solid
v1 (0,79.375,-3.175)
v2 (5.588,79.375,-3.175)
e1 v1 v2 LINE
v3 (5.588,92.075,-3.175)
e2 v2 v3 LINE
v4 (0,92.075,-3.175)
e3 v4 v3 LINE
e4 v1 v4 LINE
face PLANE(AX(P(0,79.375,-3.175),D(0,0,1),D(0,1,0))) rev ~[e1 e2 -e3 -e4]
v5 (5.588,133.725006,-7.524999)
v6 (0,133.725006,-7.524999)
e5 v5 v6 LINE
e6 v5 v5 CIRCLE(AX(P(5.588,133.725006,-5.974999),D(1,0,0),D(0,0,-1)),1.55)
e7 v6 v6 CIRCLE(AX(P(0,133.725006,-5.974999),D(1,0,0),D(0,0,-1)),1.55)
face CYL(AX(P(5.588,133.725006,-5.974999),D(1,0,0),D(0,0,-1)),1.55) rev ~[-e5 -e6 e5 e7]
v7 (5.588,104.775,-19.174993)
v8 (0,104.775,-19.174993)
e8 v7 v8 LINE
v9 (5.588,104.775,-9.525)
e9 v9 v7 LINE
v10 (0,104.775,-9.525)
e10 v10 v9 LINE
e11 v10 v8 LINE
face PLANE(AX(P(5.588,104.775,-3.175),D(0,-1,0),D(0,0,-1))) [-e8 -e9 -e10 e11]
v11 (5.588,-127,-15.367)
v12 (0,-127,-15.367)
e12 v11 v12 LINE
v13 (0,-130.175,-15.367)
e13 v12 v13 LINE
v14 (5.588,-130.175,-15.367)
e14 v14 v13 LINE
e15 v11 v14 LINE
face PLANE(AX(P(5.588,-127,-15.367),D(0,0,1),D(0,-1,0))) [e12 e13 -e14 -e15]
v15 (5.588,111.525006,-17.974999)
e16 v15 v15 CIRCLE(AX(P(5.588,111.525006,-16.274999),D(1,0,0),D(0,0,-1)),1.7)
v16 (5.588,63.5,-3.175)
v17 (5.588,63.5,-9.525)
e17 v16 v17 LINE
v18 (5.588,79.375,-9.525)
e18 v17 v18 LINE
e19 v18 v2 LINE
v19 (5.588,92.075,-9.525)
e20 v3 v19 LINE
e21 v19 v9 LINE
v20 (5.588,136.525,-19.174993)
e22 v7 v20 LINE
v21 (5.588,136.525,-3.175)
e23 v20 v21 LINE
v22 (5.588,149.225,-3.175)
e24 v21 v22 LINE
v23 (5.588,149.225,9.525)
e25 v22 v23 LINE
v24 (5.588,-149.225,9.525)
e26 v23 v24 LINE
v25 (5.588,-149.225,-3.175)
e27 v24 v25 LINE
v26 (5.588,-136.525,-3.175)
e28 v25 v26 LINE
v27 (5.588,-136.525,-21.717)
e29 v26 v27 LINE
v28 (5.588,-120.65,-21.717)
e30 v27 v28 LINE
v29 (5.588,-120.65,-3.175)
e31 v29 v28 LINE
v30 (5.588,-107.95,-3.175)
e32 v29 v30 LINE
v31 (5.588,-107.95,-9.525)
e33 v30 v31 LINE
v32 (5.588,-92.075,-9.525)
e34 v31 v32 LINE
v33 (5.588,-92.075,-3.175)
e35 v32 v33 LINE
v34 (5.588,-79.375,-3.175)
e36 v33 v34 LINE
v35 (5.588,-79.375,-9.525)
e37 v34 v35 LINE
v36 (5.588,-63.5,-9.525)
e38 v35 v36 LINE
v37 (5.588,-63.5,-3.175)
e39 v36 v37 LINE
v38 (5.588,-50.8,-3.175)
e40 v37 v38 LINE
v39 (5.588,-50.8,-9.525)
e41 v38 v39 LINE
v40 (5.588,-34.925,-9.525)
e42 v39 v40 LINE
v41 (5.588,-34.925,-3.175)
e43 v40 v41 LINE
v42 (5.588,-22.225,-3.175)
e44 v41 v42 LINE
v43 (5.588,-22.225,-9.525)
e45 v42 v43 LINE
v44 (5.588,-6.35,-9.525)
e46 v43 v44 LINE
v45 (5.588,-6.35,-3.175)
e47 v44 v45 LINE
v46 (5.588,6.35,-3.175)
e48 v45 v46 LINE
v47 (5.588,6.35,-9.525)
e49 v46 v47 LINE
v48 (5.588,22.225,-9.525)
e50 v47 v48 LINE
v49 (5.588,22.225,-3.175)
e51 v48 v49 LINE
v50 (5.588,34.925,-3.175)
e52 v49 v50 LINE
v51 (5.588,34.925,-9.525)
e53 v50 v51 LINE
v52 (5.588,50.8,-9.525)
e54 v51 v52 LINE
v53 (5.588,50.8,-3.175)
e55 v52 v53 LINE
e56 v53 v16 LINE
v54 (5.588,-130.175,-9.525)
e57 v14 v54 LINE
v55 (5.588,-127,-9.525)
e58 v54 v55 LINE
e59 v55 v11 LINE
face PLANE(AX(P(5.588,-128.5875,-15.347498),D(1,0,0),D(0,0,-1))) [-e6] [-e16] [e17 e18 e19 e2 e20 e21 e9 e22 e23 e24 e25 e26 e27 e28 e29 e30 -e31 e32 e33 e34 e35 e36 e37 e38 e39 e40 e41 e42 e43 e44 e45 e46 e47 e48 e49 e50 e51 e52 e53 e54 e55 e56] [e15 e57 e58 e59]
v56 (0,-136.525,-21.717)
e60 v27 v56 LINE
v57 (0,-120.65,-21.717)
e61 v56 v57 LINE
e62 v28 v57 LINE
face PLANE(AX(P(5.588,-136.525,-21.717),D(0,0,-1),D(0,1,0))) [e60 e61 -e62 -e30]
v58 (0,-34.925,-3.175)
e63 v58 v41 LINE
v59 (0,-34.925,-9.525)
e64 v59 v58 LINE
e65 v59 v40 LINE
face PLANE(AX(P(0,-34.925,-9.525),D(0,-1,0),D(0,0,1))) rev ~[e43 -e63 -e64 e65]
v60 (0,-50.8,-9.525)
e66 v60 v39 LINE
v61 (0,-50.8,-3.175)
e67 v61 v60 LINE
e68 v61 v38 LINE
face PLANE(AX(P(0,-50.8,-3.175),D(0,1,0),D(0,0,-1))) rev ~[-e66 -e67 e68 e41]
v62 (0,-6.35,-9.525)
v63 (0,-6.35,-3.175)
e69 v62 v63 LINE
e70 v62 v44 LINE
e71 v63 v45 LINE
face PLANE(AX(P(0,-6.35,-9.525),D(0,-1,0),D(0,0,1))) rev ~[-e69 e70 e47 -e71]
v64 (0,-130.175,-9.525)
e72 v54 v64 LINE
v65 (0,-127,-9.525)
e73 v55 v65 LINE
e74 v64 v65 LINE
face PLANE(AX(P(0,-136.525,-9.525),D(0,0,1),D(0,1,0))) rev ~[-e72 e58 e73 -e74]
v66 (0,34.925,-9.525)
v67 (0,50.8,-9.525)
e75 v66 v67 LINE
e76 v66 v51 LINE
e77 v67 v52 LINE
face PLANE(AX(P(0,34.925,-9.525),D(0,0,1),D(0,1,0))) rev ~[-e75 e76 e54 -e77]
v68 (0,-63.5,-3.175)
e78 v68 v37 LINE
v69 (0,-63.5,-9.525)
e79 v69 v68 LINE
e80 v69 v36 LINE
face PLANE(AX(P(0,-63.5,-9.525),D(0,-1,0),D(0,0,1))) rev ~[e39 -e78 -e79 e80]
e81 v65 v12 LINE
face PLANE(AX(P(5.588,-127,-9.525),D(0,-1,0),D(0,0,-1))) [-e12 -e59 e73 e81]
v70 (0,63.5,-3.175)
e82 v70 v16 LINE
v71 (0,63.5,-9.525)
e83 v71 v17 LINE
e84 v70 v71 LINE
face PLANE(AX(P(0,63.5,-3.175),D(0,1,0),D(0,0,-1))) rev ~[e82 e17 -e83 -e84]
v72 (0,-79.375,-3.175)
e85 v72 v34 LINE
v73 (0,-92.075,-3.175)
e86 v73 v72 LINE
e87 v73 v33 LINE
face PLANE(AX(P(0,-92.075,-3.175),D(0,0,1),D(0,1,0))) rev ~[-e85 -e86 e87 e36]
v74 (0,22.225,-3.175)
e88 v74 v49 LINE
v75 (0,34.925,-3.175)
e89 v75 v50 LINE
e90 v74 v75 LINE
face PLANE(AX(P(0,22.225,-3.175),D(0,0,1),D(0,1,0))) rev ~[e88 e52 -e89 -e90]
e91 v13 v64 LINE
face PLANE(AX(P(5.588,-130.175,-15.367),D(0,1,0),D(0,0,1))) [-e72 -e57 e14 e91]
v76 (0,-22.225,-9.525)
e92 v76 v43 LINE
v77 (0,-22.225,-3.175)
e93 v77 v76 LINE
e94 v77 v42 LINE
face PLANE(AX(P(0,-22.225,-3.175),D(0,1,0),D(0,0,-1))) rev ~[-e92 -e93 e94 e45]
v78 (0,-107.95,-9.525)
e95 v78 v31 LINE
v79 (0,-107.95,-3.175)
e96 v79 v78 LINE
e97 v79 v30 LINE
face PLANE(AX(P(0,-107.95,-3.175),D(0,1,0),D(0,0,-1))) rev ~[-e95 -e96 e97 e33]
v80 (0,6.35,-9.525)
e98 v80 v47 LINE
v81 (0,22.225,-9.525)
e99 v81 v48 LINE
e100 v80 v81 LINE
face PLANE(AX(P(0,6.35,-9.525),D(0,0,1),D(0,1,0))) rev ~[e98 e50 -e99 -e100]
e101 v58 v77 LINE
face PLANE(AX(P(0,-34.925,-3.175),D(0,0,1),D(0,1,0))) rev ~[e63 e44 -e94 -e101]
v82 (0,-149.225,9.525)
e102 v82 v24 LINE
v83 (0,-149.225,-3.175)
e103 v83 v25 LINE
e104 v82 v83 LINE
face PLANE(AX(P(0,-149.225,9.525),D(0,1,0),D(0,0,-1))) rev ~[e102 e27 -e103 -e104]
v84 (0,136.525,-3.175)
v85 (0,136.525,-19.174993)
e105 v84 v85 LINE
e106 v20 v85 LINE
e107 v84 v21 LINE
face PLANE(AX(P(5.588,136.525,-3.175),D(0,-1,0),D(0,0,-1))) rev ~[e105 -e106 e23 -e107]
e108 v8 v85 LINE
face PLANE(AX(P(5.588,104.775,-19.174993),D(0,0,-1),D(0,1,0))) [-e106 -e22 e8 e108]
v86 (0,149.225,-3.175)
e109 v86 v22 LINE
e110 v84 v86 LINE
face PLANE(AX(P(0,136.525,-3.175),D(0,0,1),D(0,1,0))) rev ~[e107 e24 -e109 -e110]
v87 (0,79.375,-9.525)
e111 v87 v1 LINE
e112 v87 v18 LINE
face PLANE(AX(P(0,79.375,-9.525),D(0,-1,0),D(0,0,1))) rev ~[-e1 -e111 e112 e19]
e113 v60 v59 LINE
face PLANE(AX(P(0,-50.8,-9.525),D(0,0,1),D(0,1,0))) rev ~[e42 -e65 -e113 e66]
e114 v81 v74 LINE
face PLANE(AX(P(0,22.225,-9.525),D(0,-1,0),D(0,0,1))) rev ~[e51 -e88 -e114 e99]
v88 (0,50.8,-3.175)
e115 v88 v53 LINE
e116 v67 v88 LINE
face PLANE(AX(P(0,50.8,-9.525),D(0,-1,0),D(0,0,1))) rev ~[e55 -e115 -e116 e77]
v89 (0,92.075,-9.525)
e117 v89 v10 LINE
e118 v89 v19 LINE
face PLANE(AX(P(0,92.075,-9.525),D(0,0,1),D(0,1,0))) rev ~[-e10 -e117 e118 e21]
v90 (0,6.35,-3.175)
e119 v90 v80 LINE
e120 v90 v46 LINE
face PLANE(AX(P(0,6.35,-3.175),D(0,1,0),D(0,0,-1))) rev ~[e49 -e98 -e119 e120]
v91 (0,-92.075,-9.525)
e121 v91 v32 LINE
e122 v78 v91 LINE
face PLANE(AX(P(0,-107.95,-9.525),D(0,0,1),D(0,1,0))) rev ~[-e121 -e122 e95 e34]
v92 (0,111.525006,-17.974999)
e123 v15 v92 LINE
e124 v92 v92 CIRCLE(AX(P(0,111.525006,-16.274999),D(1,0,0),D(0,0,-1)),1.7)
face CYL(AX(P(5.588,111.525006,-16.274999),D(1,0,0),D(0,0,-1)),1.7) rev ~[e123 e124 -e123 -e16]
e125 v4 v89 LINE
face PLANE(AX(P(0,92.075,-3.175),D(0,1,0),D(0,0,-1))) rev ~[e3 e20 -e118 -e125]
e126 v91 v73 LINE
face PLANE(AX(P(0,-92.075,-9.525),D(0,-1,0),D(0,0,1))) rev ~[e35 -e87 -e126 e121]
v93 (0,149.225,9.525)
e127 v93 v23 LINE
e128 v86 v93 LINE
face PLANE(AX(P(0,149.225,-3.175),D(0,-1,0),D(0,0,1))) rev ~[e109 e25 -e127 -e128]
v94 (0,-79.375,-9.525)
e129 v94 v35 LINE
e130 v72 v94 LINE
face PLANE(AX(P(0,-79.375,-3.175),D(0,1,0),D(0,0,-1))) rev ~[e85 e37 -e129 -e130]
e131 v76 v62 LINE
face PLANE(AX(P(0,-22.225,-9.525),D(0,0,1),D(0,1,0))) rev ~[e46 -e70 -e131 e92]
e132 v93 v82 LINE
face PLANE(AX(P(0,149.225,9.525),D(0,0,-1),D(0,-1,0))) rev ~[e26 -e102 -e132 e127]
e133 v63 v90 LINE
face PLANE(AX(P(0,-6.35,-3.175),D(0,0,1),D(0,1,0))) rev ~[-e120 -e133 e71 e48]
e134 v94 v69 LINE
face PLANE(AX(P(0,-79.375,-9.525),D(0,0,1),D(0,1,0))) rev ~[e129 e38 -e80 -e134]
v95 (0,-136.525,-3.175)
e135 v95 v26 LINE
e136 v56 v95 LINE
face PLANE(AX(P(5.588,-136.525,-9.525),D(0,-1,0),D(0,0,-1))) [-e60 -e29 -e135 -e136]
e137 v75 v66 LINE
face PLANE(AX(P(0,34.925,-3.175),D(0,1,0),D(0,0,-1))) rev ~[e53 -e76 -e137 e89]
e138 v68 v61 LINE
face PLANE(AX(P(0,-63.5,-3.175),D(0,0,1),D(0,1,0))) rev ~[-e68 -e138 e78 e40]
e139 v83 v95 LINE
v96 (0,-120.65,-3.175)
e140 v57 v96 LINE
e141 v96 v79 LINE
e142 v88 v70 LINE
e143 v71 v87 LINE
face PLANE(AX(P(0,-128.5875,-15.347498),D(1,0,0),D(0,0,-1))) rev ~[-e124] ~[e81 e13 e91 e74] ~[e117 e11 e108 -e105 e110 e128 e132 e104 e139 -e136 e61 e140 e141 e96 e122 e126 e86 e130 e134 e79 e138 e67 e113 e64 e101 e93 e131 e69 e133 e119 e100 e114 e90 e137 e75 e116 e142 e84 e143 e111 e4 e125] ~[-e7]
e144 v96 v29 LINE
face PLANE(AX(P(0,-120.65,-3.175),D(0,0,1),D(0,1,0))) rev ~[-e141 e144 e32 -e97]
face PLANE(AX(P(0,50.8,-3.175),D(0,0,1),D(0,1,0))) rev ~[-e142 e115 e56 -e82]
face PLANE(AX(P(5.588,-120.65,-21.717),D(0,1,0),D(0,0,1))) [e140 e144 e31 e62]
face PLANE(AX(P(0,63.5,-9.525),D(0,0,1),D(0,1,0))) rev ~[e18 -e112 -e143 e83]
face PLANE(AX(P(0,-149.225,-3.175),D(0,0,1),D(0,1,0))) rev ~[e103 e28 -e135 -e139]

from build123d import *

# Parameters (mm, degrees)
BOSS_EXTRUDE1_DEPTH = 5.588
SKETCH2_W           = 15.9999934
SKETCH2_H           = 31.75
SKETCH2_R           = 1.55
SKETCH2_R_2         = 1.7
BOSS_EXTRUDE2_DEPTH = 5.588
SKETCH2_4_R         = 1.55
CUT_EXTRUDE1_DEPTH  = 6.588


with BuildPart() as part:
    # Sketch1 → Boss-Extrude1 (new body)
    with BuildSketch(Plane(origin=(0, 0, 0), x_dir=(0, 0, -1), z_dir=(1, 0, 0))):
        Polygon((3.175, 120.65), (9.525, 120.65), (9.525, 136.525), (3.175, 136.525), (3.175, 149.225), (-9.525, 149.225), (-9.525, -149.225), (3.175, -149.225), (3.175, -136.525), (9.525, -136.525), (9.525, -120.65), (3.175, -120.65), (3.175, -107.95), (9.525, -107.95), (9.525, -92.075), (3.175, -92.075), (3.175, -79.375), (9.525, -79.375), (9.525, -63.5), (3.175, -63.5), (3.175, -50.8), (9.525, -50.8), (9.525, -34.925), (3.175, -34.925), (3.175, -22.225), (9.525, -22.225), (9.525, -6.35), (3.175, -6.35), (3.175, 6.35), (9.525, 6.35), (9.525, 22.225), (3.175, 22.225), (3.175, 34.925), (9.525, 34.925), (9.525, 50.8), (3.175, 50.8), (3.175, 63.5), (9.525, 63.5), (9.525, 79.375), (3.175, 79.375), (3.175, 92.075), (9.525, 92.075), (9.525, 107.95), (3.175, 107.95), align=None)
    extrude(amount=BOSS_EXTRUDE1_DEPTH)

    # Sketch2 → Boss-Extrude2 (add)
    with BuildSketch(Plane(origin=(5.588, 0, 0), x_dir=(0, 0, -1), z_dir=(1, 0, 0))):
        Polygon((21.717, -120.65), (9.525, -120.65), (9.525, -127), (15.367, -127), (15.367, -130.175), (9.525, -130.175), (9.525, -136.525), (21.717, -136.525), align=None)
        with Locations((11.1749967, 120.65)):
            Rectangle(SKETCH2_W, SKETCH2_H)
        with Locations((5.9749992, 133.7250056)):
            Circle(SKETCH2_R, mode=Mode.SUBTRACT)
        with Locations((16.2749992, 111.5250056)):
            Circle(SKETCH2_R_2, mode=Mode.SUBTRACT)
    extrude(amount=-BOSS_EXTRUDE2_DEPTH)

    # Sketch2<4> → Cut-Extrude1 (cut, through all)
    with BuildSketch(Plane(origin=(5.588, 0, 0), x_dir=(0, 0, -1), z_dir=(1, 0, 0))):
        with Locations((5.9749992, 133.7250056)):
            Circle(SKETCH2_4_R)
    extrude(amount=-CUT_EXTRUDE1_DEPTH, mode=Mode.SUBTRACT)


solid = part.part
